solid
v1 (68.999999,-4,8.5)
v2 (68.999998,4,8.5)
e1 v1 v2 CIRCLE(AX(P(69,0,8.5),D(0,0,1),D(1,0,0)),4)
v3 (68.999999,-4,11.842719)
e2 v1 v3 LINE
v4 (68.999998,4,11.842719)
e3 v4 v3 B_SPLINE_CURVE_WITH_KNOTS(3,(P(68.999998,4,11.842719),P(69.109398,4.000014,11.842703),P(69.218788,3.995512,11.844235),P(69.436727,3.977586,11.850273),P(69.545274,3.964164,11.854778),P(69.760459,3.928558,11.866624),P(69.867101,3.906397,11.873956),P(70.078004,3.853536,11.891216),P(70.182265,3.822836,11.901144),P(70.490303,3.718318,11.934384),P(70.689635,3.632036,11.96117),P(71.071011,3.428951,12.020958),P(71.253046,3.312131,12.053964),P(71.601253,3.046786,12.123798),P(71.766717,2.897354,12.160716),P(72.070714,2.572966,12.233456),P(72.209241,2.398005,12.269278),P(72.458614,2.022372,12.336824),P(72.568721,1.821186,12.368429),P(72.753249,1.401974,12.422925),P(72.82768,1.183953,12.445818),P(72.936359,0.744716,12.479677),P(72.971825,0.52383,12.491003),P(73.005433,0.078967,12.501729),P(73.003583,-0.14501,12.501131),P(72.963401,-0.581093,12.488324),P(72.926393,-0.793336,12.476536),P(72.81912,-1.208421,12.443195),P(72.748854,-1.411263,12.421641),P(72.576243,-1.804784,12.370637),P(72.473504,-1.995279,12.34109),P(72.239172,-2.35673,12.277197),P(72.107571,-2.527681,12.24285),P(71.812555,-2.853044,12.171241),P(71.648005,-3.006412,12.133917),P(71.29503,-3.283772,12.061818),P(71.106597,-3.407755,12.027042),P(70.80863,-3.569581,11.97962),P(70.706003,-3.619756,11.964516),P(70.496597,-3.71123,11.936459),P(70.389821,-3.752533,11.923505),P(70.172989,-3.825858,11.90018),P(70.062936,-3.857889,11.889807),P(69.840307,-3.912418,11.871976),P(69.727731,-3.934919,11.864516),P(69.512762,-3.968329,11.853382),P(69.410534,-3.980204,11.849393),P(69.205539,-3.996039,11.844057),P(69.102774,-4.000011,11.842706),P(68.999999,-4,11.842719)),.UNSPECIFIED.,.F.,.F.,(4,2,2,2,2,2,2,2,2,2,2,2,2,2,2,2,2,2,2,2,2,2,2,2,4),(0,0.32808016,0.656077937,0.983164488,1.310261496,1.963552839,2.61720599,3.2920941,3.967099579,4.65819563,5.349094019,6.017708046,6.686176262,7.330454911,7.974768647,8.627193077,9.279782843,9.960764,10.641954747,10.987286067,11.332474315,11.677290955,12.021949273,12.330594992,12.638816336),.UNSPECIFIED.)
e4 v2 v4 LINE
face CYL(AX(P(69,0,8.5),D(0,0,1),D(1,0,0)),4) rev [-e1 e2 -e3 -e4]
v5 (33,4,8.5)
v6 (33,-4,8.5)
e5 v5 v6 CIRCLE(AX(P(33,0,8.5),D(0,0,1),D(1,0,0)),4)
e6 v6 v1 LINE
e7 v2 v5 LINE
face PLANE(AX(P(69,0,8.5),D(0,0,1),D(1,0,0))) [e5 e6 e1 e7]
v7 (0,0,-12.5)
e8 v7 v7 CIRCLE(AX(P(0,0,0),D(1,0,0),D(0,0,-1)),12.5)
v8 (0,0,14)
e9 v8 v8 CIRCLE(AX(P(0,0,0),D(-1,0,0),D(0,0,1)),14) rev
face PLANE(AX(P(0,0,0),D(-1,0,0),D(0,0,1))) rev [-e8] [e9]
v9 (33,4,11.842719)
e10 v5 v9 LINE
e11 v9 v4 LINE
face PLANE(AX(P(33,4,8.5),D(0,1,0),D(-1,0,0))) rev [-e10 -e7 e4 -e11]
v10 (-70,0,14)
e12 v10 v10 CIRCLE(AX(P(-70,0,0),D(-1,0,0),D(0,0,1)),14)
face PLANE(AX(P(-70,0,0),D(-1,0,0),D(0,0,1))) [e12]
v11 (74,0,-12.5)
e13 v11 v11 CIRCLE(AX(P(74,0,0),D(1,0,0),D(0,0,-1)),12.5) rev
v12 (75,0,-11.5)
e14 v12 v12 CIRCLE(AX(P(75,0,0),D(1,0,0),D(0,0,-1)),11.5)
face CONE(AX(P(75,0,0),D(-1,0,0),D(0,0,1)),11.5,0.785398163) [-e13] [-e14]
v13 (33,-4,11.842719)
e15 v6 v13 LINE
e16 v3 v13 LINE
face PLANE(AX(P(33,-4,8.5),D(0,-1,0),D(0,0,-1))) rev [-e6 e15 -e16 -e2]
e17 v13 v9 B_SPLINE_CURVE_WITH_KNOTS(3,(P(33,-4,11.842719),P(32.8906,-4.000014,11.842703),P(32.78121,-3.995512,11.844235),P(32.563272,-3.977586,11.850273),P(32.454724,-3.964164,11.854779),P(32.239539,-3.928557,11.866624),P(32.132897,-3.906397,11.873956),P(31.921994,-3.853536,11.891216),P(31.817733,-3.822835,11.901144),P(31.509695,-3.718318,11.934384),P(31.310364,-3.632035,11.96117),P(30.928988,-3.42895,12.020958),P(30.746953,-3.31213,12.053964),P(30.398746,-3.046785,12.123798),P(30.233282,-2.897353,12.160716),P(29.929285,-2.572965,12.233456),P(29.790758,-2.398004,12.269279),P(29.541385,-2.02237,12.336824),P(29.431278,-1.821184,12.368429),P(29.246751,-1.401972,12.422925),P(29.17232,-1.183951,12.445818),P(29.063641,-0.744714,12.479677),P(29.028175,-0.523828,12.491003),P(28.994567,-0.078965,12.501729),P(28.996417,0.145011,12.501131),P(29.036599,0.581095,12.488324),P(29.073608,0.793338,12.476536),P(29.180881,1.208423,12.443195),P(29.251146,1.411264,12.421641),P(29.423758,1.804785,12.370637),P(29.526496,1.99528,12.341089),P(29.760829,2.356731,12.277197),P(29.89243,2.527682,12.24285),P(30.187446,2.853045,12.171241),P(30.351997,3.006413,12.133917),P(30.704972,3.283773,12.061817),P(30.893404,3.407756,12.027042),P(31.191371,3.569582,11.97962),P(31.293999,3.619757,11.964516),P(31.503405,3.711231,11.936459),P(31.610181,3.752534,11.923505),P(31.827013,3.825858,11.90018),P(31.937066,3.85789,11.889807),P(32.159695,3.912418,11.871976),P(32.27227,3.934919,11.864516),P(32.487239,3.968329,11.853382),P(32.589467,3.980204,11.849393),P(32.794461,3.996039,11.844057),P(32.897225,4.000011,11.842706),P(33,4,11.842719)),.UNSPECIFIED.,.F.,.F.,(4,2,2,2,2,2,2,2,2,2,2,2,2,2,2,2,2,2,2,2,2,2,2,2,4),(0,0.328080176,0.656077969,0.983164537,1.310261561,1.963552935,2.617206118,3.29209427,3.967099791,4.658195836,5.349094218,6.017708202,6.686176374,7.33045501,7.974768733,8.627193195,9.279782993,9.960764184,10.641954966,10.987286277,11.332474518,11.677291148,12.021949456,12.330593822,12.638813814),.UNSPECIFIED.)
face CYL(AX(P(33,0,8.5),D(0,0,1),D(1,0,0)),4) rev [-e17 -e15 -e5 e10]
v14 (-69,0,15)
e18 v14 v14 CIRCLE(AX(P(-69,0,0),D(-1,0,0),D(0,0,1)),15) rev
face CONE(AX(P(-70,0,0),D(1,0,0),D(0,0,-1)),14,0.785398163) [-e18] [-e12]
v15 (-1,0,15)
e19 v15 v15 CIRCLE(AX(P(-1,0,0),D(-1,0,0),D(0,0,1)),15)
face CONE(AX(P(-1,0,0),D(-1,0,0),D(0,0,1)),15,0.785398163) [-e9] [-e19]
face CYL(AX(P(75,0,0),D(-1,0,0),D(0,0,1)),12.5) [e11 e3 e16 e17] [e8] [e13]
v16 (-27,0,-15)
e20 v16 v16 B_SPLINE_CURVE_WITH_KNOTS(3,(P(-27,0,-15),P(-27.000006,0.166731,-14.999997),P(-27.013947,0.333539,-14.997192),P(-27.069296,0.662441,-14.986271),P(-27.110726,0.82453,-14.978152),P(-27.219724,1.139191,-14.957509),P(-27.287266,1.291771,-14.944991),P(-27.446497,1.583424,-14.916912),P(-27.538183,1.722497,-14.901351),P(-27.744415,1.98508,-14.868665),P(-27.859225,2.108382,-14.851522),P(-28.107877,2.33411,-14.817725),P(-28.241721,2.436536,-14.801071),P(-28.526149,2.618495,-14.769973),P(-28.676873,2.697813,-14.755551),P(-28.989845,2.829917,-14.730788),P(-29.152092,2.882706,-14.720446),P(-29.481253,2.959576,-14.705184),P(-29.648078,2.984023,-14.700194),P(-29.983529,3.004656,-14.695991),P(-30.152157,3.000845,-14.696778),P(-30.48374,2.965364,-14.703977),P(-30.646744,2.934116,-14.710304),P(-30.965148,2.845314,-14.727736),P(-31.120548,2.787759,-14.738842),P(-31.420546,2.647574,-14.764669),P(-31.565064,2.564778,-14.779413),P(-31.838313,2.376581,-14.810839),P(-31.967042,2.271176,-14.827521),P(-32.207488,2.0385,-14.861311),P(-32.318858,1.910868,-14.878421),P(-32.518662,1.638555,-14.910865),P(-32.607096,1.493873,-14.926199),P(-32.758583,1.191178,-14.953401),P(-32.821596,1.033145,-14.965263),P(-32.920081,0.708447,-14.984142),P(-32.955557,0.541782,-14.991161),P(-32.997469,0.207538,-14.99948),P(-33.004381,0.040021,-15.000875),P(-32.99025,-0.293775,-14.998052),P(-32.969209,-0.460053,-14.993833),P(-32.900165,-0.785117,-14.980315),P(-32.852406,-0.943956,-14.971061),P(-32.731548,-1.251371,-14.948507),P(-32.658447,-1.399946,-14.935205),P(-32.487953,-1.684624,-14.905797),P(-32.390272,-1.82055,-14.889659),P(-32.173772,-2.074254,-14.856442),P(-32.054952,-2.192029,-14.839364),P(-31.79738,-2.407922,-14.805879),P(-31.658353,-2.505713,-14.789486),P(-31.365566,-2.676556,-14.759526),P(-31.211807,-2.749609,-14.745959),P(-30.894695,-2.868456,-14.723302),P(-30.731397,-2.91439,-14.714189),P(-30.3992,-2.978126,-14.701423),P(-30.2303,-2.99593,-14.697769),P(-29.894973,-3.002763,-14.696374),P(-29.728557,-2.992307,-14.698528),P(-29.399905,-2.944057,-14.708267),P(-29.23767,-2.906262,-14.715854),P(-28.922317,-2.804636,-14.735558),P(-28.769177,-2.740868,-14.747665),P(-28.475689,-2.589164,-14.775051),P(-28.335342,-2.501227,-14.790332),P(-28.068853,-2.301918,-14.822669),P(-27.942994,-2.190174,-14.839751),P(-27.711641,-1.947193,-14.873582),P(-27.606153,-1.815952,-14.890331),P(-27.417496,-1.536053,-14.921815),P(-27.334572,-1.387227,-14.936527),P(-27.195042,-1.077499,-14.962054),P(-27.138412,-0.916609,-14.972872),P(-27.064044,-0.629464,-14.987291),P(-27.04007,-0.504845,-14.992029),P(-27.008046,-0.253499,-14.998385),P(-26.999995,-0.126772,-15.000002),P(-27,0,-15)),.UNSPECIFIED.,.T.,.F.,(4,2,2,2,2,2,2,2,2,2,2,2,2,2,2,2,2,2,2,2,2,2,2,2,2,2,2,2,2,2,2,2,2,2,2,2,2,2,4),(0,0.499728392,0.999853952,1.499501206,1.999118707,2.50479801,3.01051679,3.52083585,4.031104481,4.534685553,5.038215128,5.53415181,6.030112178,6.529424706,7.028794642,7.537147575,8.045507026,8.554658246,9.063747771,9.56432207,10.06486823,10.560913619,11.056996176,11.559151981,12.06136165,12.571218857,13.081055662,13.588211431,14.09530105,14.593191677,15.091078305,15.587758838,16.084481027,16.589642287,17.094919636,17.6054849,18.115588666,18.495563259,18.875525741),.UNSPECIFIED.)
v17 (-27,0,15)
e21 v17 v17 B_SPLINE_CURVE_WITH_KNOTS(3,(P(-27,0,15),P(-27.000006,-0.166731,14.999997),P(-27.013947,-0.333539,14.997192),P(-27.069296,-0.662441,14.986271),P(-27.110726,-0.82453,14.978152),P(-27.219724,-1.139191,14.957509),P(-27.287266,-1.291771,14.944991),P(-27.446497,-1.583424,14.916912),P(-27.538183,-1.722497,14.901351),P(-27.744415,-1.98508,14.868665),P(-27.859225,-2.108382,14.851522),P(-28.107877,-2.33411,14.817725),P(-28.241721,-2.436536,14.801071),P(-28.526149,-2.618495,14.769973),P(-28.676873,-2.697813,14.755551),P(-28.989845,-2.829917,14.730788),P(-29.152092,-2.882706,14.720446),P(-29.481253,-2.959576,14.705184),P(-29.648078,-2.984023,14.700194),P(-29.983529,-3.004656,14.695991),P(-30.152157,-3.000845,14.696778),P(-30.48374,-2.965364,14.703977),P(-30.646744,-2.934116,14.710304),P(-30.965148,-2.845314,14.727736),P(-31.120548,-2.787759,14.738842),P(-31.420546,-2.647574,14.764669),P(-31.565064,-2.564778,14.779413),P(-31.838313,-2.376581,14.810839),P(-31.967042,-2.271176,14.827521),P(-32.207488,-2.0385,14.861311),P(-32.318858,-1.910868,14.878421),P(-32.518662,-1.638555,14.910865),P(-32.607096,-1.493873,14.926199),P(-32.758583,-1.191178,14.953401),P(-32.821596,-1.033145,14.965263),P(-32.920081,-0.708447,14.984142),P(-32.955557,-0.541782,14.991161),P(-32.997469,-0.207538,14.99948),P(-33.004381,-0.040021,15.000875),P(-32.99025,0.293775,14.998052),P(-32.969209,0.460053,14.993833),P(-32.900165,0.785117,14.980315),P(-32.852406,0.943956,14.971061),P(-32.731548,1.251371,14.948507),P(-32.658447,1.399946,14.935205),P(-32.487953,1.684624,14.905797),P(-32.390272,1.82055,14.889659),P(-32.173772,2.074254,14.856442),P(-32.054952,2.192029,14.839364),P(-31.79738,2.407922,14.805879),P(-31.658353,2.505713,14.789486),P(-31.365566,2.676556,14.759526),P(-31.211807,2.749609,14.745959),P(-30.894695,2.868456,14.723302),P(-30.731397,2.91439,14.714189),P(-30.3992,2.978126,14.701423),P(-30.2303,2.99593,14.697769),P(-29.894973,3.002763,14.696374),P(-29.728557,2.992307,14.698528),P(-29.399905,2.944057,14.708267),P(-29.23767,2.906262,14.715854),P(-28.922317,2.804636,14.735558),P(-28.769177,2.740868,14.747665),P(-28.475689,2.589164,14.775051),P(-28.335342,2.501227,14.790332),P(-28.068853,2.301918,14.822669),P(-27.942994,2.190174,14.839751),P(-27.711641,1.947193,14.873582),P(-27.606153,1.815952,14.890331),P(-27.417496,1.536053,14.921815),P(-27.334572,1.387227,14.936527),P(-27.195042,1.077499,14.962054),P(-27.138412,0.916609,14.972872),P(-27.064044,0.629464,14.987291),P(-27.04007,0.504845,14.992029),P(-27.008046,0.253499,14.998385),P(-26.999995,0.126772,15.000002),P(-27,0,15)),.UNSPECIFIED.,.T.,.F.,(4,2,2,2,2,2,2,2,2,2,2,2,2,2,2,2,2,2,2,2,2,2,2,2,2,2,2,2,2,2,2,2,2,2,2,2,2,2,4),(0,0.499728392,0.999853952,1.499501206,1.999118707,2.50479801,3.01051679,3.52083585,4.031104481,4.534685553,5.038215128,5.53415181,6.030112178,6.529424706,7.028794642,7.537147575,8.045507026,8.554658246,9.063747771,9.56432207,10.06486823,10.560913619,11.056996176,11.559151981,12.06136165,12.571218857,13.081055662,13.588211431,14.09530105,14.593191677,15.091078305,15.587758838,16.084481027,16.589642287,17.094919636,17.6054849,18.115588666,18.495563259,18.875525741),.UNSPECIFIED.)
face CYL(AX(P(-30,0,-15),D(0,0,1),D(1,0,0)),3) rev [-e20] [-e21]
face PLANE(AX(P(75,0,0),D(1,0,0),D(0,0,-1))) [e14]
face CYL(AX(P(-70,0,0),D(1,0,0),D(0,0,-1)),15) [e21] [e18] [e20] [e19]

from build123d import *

# Parameters (mm, degrees)
SKETCH_1_R               = 12.5
EXTRUDE_1_DEPTH          = 75
SKETCH_2_R               = 15
EXTRUDE_2_DEPTH          = 70
CHAMFER_1_SIZE           = 1
CUT_EXTRUDE_1_DEPTH      = 4
SKETCH_4_R               = 3
CUT_EXTRUDE_2_DEPTH      = 16
CUT_EXTRUDE_2_DEPTH_BACK = 16


with BuildPart() as part:
    # 草图1 → 凸台-拉伸1 (new body)
    with BuildSketch(Plane(origin=(0, 0, 0), x_dir=(0, 0, -1), z_dir=(1, 0, 0))):
        Circle(SKETCH_1_R)
    extrude(amount=EXTRUDE_1_DEPTH)

    # 草图2 → 凸台-拉伸2 (add)
    with BuildSketch(Plane.ZY):
        Circle(SKETCH_2_R)
    extrude(amount=EXTRUDE_2_DEPTH)

    # 倒角1
    chamfer_1_edges = [part.edges().sort_by_distance(p)[0] for p in [
        (75, 0, 12.5),
        (0, 0, -15),
        (-70, 0, -15),
    ]]
    chamfer(chamfer_1_edges, length=CHAMFER_1_SIZE)

    # 草图3 → 切除-拉伸1 (cut)
    with BuildSketch(Plane.XY.offset(12.5)):
        with BuildLine():
            Line((32.999999837, 4), (68.999998276, 4))
            ThreePointArc((68.999998276, 4), (73, 5.01e-07), (68.999999277, -4))
            Line((68.999999277, -4), (33.000000086, -4))
            ThreePointArc((33.000000086, -4), (29, -1.25e-07), (32.999999837, 4))
        make_face()
    extrude(amount=-CUT_EXTRUDE_1_DEPTH, mode=Mode.SUBTRACT)

    # 草图4 → 切除-拉伸2 (cut, two sides)
    with BuildSketch(Plane.XY) as cut_extrude_2_sk:
        with Locations((-30, 0)):
            Circle(SKETCH_4_R)
    extrude(amount=CUT_EXTRUDE_2_DEPTH, mode=Mode.SUBTRACT)
    extrude(cut_extrude_2_sk.sketch, amount=-CUT_EXTRUDE_2_DEPTH_BACK, mode=Mode.SUBTRACT)


solid = part.part
